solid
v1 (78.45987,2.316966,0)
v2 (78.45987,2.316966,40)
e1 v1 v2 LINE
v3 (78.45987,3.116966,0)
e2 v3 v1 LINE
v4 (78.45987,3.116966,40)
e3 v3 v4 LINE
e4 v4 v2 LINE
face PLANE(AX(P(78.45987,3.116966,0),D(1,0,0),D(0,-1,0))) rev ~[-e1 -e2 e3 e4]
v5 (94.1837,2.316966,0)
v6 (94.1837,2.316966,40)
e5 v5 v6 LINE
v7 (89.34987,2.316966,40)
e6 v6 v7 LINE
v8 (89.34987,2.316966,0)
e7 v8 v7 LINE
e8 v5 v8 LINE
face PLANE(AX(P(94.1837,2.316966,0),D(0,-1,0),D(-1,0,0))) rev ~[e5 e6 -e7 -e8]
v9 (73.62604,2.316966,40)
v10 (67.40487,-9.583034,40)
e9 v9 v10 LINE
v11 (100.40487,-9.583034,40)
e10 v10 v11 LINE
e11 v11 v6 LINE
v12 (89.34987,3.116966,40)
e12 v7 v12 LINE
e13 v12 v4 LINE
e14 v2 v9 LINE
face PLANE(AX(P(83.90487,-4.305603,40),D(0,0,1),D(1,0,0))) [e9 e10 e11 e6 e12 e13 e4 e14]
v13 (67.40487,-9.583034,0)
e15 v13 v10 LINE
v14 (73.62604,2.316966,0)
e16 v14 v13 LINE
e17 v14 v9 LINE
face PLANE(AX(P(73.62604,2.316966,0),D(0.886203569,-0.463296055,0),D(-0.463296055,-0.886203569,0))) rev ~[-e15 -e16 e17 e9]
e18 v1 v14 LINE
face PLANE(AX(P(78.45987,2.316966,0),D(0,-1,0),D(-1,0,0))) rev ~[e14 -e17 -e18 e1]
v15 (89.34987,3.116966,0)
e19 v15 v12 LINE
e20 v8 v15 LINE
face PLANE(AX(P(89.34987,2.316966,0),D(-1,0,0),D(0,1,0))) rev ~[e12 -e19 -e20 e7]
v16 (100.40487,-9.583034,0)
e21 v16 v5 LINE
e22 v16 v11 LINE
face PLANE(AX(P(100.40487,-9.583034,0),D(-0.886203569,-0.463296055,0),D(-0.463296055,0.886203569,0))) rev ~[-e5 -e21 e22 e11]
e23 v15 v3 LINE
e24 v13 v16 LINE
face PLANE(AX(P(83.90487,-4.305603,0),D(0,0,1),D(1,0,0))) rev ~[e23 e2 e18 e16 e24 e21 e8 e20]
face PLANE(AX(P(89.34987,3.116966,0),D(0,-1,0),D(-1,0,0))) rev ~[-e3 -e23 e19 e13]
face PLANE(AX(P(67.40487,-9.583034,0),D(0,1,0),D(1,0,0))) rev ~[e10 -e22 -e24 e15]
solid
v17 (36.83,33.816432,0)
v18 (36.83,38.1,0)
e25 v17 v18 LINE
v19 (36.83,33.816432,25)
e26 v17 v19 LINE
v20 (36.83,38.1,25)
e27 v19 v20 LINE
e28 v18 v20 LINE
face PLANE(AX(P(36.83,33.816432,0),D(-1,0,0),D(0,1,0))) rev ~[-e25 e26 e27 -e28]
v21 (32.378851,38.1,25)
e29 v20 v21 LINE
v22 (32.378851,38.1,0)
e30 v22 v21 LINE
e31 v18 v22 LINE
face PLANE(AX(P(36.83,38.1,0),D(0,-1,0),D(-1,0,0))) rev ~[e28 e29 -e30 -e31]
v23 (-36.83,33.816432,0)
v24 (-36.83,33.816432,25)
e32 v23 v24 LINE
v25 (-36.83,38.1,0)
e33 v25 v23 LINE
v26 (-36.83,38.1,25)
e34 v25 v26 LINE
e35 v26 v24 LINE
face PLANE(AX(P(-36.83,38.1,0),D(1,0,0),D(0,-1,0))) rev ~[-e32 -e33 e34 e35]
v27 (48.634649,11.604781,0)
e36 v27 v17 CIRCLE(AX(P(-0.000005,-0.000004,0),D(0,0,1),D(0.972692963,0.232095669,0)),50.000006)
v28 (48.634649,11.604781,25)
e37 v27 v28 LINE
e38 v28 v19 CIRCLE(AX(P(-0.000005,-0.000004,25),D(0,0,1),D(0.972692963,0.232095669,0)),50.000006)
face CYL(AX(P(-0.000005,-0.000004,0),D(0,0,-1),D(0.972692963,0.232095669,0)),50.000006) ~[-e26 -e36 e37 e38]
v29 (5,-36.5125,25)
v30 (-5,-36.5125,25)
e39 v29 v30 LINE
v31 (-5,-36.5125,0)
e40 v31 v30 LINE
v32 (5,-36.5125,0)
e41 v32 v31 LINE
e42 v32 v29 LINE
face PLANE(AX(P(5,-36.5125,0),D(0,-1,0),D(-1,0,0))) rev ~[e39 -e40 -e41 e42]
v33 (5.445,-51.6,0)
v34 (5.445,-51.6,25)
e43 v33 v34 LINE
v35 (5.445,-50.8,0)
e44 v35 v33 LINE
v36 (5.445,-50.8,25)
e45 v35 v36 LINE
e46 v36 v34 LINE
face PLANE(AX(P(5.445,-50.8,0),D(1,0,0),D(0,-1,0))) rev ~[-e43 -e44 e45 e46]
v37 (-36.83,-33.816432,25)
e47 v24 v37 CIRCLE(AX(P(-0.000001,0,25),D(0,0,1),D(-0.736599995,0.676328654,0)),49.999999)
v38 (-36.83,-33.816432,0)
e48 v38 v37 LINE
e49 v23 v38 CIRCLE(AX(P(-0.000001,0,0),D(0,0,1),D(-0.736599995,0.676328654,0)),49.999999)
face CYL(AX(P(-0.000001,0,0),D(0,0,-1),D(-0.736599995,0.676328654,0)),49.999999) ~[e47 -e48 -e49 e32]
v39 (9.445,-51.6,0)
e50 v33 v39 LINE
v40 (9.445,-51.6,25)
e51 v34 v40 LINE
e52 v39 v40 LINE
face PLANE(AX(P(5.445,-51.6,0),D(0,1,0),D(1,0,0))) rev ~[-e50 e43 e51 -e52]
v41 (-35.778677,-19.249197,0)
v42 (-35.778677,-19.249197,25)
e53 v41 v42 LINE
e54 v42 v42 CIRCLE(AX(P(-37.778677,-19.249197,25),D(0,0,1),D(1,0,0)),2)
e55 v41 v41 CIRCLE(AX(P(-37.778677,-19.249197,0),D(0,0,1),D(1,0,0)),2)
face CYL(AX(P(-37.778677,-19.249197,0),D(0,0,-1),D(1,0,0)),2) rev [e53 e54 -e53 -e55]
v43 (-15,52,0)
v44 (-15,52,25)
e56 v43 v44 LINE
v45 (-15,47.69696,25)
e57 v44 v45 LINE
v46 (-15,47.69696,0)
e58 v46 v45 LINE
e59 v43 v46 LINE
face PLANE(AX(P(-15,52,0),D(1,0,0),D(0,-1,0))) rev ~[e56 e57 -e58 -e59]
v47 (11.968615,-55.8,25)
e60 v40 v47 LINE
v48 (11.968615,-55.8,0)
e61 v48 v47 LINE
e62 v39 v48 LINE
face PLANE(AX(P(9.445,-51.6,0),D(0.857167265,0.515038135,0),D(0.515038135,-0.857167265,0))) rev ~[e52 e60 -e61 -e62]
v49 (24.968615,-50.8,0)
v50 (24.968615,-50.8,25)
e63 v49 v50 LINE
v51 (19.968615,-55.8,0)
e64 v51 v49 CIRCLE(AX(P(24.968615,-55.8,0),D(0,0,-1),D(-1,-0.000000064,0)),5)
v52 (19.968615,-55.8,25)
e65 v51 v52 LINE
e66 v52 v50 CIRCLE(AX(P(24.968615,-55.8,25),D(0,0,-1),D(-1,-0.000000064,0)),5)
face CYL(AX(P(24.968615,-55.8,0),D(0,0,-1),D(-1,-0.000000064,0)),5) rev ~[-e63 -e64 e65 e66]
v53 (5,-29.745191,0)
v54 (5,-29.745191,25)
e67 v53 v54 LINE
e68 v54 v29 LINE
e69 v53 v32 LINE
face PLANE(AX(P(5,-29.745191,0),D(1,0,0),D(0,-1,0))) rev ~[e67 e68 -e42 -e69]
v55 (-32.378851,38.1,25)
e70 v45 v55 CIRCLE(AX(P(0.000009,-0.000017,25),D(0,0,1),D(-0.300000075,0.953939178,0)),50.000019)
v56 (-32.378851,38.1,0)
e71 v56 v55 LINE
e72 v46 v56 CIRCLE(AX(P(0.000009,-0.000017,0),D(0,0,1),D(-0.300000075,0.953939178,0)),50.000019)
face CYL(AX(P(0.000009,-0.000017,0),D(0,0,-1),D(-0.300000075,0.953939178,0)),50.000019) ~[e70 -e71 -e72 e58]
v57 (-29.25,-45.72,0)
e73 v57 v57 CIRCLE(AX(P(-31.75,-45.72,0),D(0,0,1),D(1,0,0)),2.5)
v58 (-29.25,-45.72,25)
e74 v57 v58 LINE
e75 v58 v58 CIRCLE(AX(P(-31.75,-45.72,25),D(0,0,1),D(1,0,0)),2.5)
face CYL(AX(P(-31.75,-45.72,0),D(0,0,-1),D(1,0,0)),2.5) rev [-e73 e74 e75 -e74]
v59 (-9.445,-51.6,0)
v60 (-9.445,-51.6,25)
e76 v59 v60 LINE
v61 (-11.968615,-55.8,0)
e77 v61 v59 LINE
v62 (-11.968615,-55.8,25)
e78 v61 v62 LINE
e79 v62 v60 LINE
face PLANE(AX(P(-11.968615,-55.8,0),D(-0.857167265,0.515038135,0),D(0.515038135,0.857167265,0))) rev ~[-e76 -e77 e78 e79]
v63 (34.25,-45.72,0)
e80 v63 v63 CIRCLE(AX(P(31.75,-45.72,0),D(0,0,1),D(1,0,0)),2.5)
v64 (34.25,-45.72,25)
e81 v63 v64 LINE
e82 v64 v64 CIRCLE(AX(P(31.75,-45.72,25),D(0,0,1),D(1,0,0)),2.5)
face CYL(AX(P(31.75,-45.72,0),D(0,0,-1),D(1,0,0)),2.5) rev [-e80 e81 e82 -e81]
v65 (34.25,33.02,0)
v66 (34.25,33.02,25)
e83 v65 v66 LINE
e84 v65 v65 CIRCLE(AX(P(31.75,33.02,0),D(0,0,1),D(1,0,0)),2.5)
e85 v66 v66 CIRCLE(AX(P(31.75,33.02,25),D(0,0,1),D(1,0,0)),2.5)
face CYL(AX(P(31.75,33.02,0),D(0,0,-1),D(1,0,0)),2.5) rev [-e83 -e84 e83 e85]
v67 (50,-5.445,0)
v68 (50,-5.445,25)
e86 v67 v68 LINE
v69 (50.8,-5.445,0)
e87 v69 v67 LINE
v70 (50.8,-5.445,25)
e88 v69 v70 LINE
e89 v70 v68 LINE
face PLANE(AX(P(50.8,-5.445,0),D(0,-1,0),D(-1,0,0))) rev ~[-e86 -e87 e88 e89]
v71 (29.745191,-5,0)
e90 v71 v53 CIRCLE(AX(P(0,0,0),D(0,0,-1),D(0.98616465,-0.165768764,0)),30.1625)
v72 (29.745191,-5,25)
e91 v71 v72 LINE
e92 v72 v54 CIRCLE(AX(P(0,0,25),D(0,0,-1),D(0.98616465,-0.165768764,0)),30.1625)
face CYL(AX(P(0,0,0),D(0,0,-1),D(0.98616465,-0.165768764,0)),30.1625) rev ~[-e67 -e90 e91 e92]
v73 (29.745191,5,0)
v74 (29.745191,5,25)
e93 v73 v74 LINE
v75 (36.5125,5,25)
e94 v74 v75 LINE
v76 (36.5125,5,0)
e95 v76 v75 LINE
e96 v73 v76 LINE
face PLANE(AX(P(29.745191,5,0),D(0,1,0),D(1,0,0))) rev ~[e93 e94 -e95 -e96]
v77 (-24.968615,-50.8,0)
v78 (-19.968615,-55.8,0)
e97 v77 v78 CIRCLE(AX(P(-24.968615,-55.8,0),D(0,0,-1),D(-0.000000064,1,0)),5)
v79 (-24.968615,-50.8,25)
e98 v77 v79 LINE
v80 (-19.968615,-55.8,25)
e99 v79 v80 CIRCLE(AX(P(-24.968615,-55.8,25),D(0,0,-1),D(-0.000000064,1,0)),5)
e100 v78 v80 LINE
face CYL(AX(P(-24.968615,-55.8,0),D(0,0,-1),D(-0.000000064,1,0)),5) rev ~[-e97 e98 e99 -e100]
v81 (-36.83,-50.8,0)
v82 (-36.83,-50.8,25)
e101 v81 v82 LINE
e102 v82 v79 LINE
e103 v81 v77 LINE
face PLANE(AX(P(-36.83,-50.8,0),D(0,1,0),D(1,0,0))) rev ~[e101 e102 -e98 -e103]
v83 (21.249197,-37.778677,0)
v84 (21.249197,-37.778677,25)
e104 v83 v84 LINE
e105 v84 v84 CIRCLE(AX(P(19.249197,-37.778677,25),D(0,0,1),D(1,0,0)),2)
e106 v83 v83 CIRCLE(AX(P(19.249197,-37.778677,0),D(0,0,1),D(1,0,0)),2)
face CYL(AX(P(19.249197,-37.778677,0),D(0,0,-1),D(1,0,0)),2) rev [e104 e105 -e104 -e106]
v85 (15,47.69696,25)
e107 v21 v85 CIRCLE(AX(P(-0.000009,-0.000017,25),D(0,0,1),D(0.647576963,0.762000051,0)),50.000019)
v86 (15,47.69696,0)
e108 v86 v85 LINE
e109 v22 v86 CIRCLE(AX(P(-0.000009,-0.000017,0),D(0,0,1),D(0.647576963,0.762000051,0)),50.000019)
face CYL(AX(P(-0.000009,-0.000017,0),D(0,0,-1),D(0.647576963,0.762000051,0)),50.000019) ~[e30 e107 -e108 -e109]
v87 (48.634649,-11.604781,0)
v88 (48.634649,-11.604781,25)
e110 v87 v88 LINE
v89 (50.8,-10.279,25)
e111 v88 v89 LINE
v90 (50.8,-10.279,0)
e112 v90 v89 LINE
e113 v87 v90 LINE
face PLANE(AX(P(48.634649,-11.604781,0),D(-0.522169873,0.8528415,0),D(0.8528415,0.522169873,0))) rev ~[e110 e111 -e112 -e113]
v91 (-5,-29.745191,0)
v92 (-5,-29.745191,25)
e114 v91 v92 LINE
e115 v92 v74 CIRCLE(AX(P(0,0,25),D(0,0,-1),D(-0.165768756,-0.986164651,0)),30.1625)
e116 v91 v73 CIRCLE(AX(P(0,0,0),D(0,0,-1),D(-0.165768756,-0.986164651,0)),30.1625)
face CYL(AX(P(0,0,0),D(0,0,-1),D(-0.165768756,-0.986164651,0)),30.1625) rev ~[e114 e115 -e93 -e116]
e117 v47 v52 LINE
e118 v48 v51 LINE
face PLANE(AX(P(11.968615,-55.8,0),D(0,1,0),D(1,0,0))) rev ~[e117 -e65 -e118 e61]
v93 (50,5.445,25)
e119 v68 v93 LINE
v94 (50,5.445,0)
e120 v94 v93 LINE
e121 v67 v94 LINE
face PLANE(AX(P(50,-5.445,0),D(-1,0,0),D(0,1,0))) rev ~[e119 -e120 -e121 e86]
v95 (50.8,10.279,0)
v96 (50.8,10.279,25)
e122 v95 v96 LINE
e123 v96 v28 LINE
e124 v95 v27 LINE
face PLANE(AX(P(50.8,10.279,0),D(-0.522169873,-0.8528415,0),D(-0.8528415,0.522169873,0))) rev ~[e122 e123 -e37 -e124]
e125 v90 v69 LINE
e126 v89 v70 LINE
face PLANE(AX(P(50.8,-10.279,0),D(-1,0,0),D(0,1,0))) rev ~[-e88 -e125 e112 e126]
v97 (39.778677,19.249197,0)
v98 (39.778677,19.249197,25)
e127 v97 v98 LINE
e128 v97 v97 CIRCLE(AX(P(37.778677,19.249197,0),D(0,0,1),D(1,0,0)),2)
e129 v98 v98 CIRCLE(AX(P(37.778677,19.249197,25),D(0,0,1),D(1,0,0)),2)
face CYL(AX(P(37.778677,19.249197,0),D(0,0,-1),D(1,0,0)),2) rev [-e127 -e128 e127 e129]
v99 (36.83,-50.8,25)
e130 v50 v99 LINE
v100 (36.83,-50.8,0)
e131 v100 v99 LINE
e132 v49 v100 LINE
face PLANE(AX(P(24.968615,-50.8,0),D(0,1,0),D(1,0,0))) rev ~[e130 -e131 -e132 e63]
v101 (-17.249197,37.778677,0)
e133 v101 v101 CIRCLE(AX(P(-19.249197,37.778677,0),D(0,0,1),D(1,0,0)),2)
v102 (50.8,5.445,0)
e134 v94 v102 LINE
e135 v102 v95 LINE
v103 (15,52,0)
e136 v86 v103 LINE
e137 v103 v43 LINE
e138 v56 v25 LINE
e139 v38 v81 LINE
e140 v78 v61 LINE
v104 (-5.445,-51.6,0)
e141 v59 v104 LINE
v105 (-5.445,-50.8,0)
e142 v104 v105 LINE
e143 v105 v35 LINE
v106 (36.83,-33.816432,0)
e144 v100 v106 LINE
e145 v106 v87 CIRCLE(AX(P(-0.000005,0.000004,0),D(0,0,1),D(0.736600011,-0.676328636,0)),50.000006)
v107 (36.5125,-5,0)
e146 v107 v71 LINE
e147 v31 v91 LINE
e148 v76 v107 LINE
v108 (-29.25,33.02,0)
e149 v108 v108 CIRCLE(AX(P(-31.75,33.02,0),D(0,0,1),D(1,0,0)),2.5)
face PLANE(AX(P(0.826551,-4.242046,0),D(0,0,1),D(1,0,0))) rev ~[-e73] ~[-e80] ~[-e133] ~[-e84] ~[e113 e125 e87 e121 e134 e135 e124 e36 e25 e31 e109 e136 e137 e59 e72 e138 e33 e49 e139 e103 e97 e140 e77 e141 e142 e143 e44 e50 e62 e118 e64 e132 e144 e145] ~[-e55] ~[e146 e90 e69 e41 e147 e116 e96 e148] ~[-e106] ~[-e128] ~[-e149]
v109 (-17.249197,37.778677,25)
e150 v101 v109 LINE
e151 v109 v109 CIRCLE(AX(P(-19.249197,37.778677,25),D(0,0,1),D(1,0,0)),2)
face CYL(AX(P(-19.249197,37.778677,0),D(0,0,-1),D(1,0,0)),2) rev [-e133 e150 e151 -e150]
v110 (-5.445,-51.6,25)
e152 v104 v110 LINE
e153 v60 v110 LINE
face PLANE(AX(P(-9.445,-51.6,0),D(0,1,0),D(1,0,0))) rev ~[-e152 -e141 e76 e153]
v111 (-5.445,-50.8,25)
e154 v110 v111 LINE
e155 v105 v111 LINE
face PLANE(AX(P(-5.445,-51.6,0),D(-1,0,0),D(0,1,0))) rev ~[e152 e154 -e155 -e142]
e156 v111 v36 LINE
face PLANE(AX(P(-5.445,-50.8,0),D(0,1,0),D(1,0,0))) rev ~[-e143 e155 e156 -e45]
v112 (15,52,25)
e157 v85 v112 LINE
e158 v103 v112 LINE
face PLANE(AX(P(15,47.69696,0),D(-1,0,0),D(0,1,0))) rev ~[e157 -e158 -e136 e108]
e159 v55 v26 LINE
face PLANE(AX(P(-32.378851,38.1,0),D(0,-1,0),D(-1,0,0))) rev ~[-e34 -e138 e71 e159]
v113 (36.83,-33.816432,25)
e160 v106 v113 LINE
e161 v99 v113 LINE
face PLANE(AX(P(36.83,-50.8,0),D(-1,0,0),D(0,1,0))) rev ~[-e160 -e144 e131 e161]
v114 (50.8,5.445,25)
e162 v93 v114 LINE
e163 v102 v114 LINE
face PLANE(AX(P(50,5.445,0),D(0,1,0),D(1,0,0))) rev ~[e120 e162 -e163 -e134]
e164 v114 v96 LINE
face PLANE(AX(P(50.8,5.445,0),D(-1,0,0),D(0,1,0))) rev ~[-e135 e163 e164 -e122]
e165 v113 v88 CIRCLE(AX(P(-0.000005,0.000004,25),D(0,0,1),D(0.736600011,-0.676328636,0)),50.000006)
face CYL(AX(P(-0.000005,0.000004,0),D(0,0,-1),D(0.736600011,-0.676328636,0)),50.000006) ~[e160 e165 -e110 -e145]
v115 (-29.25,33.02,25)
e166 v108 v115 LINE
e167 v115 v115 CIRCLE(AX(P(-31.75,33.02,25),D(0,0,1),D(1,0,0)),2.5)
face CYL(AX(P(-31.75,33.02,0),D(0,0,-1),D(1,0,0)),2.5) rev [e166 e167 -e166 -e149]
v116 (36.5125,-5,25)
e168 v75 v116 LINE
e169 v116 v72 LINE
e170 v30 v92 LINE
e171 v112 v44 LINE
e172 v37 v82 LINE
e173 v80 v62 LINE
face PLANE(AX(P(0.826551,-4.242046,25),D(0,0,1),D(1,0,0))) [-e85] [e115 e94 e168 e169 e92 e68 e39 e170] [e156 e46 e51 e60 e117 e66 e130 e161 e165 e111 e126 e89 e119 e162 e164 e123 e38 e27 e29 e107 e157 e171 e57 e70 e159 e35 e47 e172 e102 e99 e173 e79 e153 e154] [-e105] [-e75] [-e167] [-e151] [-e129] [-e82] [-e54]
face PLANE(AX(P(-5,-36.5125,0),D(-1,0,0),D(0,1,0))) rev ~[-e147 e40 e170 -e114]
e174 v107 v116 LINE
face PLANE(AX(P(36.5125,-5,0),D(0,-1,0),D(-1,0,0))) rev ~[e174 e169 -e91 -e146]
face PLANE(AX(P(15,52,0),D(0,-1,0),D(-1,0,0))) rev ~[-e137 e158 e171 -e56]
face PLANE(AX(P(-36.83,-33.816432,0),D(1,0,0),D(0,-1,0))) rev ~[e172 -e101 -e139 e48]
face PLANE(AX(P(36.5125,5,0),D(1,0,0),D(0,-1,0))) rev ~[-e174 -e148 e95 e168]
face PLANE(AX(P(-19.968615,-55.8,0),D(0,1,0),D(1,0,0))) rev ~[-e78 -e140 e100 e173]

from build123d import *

# Parameters (mm, degrees)
F0_R     = 2.5
F0_R_2   = 2
F1_DEPTH = 25
F2_DEPTH = 40


with BuildPart() as f1:
    # F0 (on Top) → F1 (new body)
    with BuildSketch(Plane.XY):
        with BuildLine():
            Line((36.83, -50.8), (36.83, -33.816432))
            ThreePointArc((36.83, -33.816432), (44.151907, -23.465061), (48.634649, -11.604781))
            Line((48.634649, -11.604781), (50.8, -10.279))
            Line((50.8, -10.279), (50.8, -5.445))
            Line((50.8, -5.445), (50, -5.445))
            Line((50, -5.445), (50, 0))
            Line((50, 0), (50, 5.445))
            Line((50, 5.445), (50.8, 5.445))
            Line((50.8, 5.445), (50.8, 10.279))
            Line((50.8, 10.279), (48.634649, 11.604781))
            ThreePointArc((48.634649, 11.604781), (44.151907, 23.465061), (36.83, 33.816432))
            Line((36.83, 33.816432), (36.83, 38.1))
            Line((36.83, 38.1), (32.378851, 38.1))
            ThreePointArc((32.378851, 38.1), (24.170525, 43.769689), (15, 47.69696))
            Line((15, 47.69696), (15, 52))
            Line((15, 52), (0, 52))
            Line((0, 52), (-15, 52))
            Line((-15, 52), (-15, 47.69696))
            ThreePointArc((-15, 47.69696), (-24.170525, 43.769689), (-32.378851, 38.1))
            Line((-32.378851, 38.1), (-36.83, 38.1))
            Line((-36.83, 38.1), (-36.83, 33.816432))
            ThreePointArc((-36.83, 33.816432), (-50, 0), (-36.83, -33.816432))
            Line((-36.83, -33.816432), (-36.83, -50.8))
            Line((-36.83, -50.8), (-24.968615, -50.8))
            ThreePointArc((-24.968615, -50.8), (-21.433081, -52.264466), (-19.968615, -55.8))
            Line((-19.968615, -55.8), (-11.968615, -55.8))
            Line((-11.968615, -55.8), (-9.445, -51.6))
            Line((-9.445, -51.6), (-5.445, -51.6))
            Line((-5.445, -51.6), (-5.445, -50.8))
            Line((-5.445, -50.8), (5.445, -50.8))
            Line((5.445, -50.8), (5.445, -51.6))
            Line((5.445, -51.6), (9.445, -51.6))
            Line((9.445, -51.6), (11.968615, -55.8))
            Line((11.968615, -55.8), (19.968615, -55.8))
            ThreePointArc((19.968615, -55.8), (21.433081, -52.264466), (24.968615, -50.8))
            Line((24.968615, -50.8), (36.83, -50.8))
        make_face()
        with Locations((-31.75, -45.72)):
            Circle(F0_R, mode=Mode.SUBTRACT)
        with Locations((19.249197, -37.778677)):
            Circle(F0_R_2, mode=Mode.SUBTRACT)
        with Locations((-37.778677, -19.249197)):
            Circle(F0_R_2, mode=Mode.SUBTRACT)
        with BuildLine():
            ThreePointArc((29.745191, -5), (21.328108, -21.328108), (5, -29.745191))
            Line((5, -29.745191), (5, -36.5125))
            Line((5, -36.5125), (0, -36.5125))
            Line((0, -36.5125), (-5, -36.5125))
            Line((-5, -36.5125), (-5, -29.745191))
            ThreePointArc((-5, -29.745191), (-21.328108, 21.328108), (29.745191, 5))
            Line((29.745191, 5), (36.5125, 5))
            Line((36.5125, 5), (36.5125, 0))
            Line((36.5125, 0), (36.5125, -5))
            Line((36.5125, -5), (29.745191, -5))
        make_face(mode=Mode.SUBTRACT)
        with Locations((31.75, -45.72)):
            Circle(F0_R, mode=Mode.SUBTRACT)
        with Locations((-31.75, 33.02)):
            Circle(F0_R, mode=Mode.SUBTRACT)
        with Locations((-19.249197, 37.778677)):
            Circle(F0_R_2, mode=Mode.SUBTRACT)
        with Locations((37.778677, 19.249197)):
            Circle(F0_R_2, mode=Mode.SUBTRACT)
        with Locations((31.75, 33.02)):
            Circle(F0_R, mode=Mode.SUBTRACT)
    extrude(amount=F1_DEPTH)


with BuildPart() as f2:
    # F0 (on Top) → F2 (new body)
    with BuildSketch(Plane.XY):
        Polygon((67.40487, -9.583034), (83.90487, -9.583034), (100.40487, -9.583034), (94.1837, 2.316966), (89.34987, 2.316966), (89.34987, 3.116966), (83.90487, 3.116966), (78.45987, 3.116966), (78.45987, 2.316966), (73.62604, 2.316966), align=None)
    extrude(amount=F2_DEPTH)


solid = Compound([f1.part, f2.part])
